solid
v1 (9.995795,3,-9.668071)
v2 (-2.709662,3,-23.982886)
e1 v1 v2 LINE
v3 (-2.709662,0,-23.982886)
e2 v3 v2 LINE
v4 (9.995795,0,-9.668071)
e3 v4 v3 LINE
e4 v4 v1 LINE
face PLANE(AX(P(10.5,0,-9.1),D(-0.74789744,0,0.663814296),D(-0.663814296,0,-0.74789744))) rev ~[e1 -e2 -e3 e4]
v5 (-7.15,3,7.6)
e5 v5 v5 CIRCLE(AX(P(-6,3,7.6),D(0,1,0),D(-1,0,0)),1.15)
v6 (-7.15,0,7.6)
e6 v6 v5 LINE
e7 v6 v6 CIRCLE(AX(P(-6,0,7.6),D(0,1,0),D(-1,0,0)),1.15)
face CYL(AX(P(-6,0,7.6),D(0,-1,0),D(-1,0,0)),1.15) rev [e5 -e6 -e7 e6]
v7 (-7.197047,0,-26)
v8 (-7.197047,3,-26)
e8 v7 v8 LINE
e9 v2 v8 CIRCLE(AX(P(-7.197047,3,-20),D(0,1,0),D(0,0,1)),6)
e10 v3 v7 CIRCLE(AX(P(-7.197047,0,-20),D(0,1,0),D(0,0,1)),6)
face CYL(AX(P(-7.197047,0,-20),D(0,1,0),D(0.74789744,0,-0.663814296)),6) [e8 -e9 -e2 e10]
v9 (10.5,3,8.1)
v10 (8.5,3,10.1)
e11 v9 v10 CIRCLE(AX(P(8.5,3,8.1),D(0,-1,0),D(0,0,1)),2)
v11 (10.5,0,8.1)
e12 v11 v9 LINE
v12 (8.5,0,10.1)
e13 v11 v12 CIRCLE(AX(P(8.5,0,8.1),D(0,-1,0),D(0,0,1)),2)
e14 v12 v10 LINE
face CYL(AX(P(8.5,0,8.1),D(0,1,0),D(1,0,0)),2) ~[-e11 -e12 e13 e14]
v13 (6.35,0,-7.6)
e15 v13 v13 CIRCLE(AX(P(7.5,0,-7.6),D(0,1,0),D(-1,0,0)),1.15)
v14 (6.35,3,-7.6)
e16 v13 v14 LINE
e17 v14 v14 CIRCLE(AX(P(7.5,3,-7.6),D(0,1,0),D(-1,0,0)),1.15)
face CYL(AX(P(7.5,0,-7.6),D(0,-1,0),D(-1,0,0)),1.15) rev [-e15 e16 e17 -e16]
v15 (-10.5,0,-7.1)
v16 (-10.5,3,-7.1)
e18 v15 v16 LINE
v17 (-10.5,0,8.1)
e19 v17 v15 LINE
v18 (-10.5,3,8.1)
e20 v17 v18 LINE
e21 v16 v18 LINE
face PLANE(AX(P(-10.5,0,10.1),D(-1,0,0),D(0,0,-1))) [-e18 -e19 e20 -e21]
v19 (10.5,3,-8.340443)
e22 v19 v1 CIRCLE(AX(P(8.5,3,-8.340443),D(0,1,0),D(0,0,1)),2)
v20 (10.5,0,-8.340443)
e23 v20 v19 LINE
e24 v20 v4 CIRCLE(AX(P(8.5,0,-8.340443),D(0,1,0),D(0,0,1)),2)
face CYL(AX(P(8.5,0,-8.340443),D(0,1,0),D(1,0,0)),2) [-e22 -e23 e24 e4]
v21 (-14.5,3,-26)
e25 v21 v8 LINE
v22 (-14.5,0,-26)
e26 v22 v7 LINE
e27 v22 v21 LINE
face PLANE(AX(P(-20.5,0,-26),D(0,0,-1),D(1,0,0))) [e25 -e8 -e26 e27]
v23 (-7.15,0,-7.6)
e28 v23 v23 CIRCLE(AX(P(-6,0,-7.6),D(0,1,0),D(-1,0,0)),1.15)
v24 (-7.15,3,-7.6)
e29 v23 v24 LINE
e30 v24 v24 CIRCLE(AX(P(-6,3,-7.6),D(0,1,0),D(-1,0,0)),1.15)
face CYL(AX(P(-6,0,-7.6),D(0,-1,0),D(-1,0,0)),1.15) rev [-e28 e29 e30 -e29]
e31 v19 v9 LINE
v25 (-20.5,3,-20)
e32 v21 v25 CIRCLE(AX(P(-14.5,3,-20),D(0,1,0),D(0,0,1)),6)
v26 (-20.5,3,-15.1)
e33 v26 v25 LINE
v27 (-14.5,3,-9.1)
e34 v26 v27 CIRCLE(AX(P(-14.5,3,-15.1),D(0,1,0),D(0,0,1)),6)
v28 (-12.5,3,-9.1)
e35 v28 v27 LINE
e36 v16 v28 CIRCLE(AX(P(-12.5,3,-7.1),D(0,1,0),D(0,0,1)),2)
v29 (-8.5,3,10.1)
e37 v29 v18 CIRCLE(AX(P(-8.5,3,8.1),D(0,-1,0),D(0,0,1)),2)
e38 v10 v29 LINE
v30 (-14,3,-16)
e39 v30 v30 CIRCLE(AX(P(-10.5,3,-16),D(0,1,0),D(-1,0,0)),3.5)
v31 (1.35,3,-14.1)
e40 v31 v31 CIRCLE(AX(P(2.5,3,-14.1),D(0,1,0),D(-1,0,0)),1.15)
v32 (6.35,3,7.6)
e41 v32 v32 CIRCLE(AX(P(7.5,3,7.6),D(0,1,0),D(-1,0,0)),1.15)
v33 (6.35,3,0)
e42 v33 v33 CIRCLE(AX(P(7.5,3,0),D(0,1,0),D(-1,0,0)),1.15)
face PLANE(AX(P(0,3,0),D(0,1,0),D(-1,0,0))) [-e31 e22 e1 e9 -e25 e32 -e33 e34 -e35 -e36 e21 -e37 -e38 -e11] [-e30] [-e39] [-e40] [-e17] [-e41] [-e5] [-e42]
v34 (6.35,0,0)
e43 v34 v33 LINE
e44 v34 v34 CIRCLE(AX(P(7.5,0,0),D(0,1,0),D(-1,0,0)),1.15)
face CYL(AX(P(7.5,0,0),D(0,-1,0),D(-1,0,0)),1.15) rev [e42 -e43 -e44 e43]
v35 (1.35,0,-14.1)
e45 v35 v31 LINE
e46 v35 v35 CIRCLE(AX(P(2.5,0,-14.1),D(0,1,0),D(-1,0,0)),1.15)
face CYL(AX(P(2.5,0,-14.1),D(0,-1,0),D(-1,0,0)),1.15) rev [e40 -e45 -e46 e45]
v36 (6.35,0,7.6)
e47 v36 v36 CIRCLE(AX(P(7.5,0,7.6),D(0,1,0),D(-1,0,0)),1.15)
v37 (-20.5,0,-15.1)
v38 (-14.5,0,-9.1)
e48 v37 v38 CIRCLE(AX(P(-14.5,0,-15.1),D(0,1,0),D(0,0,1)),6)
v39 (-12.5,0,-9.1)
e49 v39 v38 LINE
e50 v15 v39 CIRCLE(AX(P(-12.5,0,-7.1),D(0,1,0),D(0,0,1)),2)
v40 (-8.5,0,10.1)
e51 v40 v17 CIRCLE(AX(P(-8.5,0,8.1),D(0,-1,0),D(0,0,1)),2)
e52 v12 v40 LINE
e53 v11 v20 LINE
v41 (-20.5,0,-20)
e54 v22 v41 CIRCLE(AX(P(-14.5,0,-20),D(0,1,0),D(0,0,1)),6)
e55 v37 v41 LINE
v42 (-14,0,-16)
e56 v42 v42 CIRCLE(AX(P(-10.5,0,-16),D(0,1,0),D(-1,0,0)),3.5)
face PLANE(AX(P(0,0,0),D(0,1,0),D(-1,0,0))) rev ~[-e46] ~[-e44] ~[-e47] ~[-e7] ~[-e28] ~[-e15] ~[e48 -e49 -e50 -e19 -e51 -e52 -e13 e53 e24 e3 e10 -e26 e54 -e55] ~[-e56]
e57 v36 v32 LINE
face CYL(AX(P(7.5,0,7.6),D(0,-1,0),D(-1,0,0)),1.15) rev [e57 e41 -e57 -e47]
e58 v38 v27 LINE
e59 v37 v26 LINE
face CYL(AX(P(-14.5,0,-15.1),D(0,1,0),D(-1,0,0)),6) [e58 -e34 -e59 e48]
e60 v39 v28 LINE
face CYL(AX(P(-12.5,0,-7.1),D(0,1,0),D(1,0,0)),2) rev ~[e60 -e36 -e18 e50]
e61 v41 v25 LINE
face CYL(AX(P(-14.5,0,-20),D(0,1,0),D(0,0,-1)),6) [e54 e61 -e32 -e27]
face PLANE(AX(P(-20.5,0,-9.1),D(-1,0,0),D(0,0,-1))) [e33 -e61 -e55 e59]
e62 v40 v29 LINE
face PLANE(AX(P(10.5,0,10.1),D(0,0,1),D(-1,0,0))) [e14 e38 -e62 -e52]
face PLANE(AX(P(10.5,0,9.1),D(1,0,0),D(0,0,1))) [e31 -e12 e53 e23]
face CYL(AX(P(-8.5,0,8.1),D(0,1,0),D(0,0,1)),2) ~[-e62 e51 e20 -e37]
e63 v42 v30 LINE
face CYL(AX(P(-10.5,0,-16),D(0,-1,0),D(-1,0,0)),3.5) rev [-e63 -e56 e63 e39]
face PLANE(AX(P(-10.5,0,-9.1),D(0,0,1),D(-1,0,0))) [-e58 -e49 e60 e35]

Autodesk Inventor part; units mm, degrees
ref_plane "YZ Plane" through (0, 0, 0) normal (1, 0, 0) x (0, 1, 0)
ref_plane "XZ Plane" through (0, 0, 0) normal (0, 1, 0) x (-1, 0, 0)
ref_plane "XY Plane" through (0, 0, 0) normal (0, 0, 1) x (1, 0, 0)
sketch "Sketch1" plane through (0, 0, 0) normal (0, 1, 0) x (-1, 0, 0)
  line L0 (-10.5, 9.1) -> (10.5, 9.1)
  line L1 (10.5, 9.1) -> (10.5, -9.1)
  line L2 (10.5, -9.1) -> (-10.5, -9.1)
  line L3 (-10.5, -9.1) -> (-10.5, 9.1)
  line L4 (-10.5, 9.1) -> (10.5, -9.1) construction
  line L5 (10.5, 9.1) -> (-10.5, -9.1) construction
  line L6 (10.5, 9.1) -> (-10.5, 9.1)
  line L7 (-10.5, 9.1) -> (-10.5, 10.1)
  line L8 (-10.5, 10.1) -> (10.5, 10.1)
  line L9 (10.5, 10.1) -> (10.5, 9.1)
  line L10 (20.5, -26) -> (-10.5, -26)
  line L11 (-10.5, -26) -> (-10.5, -9.1)
  line L12 (-10.5, -9.1) -> (20.5, -9.1)
  line L13 (20.5, -9.1) -> (20.5, -26)
  circle A0 centre (10.5, -16) radius 3.5
  line L14 (-10.5, -9.1) -> (4.5, -26)
  circle A1 centre (6, -7.6) radius 1.15
  circle A2 centre (-7.5, -7.6) radius 1.15
  circle A3 centre (-7.5, 7.6) radius 1.15
  circle A4 centre (6, 7.6) radius 1.15
  circle A5 centre (-2.5, -14.1) radius 1.15
  circle A6 centre (-7.5, 0) radius 1.15
  point P0 (0, 0)
  point P1 (0, 0)
  point P2 (0, 0)
  point P3 (0, 0)
  dimension "d0" = 9.1
  dimension "d1" = 21
  dimension "d2" = 1
  dimension "d3" = 7
  dimension "d4" = 16
  dimension "d5" = 10
  dimension "d6" = 10
  dimension "d8" = 6
  dimension "d9" = 2.3
  dimension "d10" = 1.5
  dimension "d11" = 2.3
  dimension "d12" = 3
  dimension "d13" = 4.5
  dimension "d14" = 1.5
  dimension "d15" = 2.3
  dimension "d16" = 1.5
  dimension "d17" = 3
  dimension "d18" = 2.3
  dimension "d19" = 4.5
  dimension "d20" = 1.5
  dimension "d25" = 2.3
  dimension "d26" = 14.1
  dimension "d27" = 8
  dimension "d28" = 2.3
  dimension "d29" = 3
extrude "Extrusion1" add sketch "Sketch1" along normal blind 3 contours L7 L8 L9 L0 | L0 L1 L2 L3 | L2 L12 L13 L10 L14
fillet "Fillet1" radius 2 4 edges at (-10.5, 1.5, -9.1) (10.5, 1.5, -9.1) (10.5, 1.5, 10.1) (-10.5, 1.5, 10.1)
fillet "Fillet2" radius 6 3 edges at (-20.5, 1.5, -9.1) (-20.5, 1.5, -26) (-4.5, 1.5, -26)
sketch "Sketch2" plane through (0, 3, 0) normal (0, 1, 0) x (1, 0, 0)
  arc A0 (-2.7097, 23.9829) -> (-7.197, 26) centre (-7.197, 20) ccw projected
  line L0 (-7.197, 26) -> (-14.5, 26) projected
  arc A1 (-14.5, 26) -> (-20.5, 20) centre (-14.5, 20) ccw projected
  line L1 (-20.5, 20) -> (-20.5, 15.1) projected
  arc A2 (-20.5, 15.1) -> (-14.5, 9.1) centre (-14.5, 15.1) ccw projected
  line L2 (-14.5, 9.1) -> (-12.5, 9.1) projected
  arc A3 (-10.5, 7.1) -> (-12.5, 9.1) centre (-12.5, 7.1) ccw projected
  line L3 (-10.5, 7.1) -> (-10.5, -8.1) projected
  arc A4 (-10.5, -8.1) -> (-8.5, -10.1) centre (-8.5, -8.1) ccw projected
  line L4 (-8.5, -10.1) -> (8.5, -10.1) projected
  arc A5 (8.5, -10.1) -> (10.5, -8.1) centre (8.5, -8.1) ccw projected
  line L5 (10.5, -8.1) -> (10.5, 8.3404) projected
  arc A6 (10.5, 8.3404) -> (9.9958, 9.6681) centre (8.5, 8.3404) ccw projected
  line L6 (9.9958, 9.6681) -> (-2.7097, 23.9829) projected
  circle A7 centre (2.5, 14.1) radius 1.15 projected
  circle A8 centre (-10.5, 16) radius 3.5 projected
  circle A9 centre (-6, 7.6) radius 1.15 projected
  circle A10 centre (7.5, 7.6) radius 1.15 projected
  circle A11 centre (7.5, -7.6) radius 1.15 projected
  circle A12 centre (-6, -7.6) radius 1.15 projected
  circle A13 centre (7.5, 0) radius 1.15 projected
  point P0 (0, 0)
properties part number "New_hinge_plate"
